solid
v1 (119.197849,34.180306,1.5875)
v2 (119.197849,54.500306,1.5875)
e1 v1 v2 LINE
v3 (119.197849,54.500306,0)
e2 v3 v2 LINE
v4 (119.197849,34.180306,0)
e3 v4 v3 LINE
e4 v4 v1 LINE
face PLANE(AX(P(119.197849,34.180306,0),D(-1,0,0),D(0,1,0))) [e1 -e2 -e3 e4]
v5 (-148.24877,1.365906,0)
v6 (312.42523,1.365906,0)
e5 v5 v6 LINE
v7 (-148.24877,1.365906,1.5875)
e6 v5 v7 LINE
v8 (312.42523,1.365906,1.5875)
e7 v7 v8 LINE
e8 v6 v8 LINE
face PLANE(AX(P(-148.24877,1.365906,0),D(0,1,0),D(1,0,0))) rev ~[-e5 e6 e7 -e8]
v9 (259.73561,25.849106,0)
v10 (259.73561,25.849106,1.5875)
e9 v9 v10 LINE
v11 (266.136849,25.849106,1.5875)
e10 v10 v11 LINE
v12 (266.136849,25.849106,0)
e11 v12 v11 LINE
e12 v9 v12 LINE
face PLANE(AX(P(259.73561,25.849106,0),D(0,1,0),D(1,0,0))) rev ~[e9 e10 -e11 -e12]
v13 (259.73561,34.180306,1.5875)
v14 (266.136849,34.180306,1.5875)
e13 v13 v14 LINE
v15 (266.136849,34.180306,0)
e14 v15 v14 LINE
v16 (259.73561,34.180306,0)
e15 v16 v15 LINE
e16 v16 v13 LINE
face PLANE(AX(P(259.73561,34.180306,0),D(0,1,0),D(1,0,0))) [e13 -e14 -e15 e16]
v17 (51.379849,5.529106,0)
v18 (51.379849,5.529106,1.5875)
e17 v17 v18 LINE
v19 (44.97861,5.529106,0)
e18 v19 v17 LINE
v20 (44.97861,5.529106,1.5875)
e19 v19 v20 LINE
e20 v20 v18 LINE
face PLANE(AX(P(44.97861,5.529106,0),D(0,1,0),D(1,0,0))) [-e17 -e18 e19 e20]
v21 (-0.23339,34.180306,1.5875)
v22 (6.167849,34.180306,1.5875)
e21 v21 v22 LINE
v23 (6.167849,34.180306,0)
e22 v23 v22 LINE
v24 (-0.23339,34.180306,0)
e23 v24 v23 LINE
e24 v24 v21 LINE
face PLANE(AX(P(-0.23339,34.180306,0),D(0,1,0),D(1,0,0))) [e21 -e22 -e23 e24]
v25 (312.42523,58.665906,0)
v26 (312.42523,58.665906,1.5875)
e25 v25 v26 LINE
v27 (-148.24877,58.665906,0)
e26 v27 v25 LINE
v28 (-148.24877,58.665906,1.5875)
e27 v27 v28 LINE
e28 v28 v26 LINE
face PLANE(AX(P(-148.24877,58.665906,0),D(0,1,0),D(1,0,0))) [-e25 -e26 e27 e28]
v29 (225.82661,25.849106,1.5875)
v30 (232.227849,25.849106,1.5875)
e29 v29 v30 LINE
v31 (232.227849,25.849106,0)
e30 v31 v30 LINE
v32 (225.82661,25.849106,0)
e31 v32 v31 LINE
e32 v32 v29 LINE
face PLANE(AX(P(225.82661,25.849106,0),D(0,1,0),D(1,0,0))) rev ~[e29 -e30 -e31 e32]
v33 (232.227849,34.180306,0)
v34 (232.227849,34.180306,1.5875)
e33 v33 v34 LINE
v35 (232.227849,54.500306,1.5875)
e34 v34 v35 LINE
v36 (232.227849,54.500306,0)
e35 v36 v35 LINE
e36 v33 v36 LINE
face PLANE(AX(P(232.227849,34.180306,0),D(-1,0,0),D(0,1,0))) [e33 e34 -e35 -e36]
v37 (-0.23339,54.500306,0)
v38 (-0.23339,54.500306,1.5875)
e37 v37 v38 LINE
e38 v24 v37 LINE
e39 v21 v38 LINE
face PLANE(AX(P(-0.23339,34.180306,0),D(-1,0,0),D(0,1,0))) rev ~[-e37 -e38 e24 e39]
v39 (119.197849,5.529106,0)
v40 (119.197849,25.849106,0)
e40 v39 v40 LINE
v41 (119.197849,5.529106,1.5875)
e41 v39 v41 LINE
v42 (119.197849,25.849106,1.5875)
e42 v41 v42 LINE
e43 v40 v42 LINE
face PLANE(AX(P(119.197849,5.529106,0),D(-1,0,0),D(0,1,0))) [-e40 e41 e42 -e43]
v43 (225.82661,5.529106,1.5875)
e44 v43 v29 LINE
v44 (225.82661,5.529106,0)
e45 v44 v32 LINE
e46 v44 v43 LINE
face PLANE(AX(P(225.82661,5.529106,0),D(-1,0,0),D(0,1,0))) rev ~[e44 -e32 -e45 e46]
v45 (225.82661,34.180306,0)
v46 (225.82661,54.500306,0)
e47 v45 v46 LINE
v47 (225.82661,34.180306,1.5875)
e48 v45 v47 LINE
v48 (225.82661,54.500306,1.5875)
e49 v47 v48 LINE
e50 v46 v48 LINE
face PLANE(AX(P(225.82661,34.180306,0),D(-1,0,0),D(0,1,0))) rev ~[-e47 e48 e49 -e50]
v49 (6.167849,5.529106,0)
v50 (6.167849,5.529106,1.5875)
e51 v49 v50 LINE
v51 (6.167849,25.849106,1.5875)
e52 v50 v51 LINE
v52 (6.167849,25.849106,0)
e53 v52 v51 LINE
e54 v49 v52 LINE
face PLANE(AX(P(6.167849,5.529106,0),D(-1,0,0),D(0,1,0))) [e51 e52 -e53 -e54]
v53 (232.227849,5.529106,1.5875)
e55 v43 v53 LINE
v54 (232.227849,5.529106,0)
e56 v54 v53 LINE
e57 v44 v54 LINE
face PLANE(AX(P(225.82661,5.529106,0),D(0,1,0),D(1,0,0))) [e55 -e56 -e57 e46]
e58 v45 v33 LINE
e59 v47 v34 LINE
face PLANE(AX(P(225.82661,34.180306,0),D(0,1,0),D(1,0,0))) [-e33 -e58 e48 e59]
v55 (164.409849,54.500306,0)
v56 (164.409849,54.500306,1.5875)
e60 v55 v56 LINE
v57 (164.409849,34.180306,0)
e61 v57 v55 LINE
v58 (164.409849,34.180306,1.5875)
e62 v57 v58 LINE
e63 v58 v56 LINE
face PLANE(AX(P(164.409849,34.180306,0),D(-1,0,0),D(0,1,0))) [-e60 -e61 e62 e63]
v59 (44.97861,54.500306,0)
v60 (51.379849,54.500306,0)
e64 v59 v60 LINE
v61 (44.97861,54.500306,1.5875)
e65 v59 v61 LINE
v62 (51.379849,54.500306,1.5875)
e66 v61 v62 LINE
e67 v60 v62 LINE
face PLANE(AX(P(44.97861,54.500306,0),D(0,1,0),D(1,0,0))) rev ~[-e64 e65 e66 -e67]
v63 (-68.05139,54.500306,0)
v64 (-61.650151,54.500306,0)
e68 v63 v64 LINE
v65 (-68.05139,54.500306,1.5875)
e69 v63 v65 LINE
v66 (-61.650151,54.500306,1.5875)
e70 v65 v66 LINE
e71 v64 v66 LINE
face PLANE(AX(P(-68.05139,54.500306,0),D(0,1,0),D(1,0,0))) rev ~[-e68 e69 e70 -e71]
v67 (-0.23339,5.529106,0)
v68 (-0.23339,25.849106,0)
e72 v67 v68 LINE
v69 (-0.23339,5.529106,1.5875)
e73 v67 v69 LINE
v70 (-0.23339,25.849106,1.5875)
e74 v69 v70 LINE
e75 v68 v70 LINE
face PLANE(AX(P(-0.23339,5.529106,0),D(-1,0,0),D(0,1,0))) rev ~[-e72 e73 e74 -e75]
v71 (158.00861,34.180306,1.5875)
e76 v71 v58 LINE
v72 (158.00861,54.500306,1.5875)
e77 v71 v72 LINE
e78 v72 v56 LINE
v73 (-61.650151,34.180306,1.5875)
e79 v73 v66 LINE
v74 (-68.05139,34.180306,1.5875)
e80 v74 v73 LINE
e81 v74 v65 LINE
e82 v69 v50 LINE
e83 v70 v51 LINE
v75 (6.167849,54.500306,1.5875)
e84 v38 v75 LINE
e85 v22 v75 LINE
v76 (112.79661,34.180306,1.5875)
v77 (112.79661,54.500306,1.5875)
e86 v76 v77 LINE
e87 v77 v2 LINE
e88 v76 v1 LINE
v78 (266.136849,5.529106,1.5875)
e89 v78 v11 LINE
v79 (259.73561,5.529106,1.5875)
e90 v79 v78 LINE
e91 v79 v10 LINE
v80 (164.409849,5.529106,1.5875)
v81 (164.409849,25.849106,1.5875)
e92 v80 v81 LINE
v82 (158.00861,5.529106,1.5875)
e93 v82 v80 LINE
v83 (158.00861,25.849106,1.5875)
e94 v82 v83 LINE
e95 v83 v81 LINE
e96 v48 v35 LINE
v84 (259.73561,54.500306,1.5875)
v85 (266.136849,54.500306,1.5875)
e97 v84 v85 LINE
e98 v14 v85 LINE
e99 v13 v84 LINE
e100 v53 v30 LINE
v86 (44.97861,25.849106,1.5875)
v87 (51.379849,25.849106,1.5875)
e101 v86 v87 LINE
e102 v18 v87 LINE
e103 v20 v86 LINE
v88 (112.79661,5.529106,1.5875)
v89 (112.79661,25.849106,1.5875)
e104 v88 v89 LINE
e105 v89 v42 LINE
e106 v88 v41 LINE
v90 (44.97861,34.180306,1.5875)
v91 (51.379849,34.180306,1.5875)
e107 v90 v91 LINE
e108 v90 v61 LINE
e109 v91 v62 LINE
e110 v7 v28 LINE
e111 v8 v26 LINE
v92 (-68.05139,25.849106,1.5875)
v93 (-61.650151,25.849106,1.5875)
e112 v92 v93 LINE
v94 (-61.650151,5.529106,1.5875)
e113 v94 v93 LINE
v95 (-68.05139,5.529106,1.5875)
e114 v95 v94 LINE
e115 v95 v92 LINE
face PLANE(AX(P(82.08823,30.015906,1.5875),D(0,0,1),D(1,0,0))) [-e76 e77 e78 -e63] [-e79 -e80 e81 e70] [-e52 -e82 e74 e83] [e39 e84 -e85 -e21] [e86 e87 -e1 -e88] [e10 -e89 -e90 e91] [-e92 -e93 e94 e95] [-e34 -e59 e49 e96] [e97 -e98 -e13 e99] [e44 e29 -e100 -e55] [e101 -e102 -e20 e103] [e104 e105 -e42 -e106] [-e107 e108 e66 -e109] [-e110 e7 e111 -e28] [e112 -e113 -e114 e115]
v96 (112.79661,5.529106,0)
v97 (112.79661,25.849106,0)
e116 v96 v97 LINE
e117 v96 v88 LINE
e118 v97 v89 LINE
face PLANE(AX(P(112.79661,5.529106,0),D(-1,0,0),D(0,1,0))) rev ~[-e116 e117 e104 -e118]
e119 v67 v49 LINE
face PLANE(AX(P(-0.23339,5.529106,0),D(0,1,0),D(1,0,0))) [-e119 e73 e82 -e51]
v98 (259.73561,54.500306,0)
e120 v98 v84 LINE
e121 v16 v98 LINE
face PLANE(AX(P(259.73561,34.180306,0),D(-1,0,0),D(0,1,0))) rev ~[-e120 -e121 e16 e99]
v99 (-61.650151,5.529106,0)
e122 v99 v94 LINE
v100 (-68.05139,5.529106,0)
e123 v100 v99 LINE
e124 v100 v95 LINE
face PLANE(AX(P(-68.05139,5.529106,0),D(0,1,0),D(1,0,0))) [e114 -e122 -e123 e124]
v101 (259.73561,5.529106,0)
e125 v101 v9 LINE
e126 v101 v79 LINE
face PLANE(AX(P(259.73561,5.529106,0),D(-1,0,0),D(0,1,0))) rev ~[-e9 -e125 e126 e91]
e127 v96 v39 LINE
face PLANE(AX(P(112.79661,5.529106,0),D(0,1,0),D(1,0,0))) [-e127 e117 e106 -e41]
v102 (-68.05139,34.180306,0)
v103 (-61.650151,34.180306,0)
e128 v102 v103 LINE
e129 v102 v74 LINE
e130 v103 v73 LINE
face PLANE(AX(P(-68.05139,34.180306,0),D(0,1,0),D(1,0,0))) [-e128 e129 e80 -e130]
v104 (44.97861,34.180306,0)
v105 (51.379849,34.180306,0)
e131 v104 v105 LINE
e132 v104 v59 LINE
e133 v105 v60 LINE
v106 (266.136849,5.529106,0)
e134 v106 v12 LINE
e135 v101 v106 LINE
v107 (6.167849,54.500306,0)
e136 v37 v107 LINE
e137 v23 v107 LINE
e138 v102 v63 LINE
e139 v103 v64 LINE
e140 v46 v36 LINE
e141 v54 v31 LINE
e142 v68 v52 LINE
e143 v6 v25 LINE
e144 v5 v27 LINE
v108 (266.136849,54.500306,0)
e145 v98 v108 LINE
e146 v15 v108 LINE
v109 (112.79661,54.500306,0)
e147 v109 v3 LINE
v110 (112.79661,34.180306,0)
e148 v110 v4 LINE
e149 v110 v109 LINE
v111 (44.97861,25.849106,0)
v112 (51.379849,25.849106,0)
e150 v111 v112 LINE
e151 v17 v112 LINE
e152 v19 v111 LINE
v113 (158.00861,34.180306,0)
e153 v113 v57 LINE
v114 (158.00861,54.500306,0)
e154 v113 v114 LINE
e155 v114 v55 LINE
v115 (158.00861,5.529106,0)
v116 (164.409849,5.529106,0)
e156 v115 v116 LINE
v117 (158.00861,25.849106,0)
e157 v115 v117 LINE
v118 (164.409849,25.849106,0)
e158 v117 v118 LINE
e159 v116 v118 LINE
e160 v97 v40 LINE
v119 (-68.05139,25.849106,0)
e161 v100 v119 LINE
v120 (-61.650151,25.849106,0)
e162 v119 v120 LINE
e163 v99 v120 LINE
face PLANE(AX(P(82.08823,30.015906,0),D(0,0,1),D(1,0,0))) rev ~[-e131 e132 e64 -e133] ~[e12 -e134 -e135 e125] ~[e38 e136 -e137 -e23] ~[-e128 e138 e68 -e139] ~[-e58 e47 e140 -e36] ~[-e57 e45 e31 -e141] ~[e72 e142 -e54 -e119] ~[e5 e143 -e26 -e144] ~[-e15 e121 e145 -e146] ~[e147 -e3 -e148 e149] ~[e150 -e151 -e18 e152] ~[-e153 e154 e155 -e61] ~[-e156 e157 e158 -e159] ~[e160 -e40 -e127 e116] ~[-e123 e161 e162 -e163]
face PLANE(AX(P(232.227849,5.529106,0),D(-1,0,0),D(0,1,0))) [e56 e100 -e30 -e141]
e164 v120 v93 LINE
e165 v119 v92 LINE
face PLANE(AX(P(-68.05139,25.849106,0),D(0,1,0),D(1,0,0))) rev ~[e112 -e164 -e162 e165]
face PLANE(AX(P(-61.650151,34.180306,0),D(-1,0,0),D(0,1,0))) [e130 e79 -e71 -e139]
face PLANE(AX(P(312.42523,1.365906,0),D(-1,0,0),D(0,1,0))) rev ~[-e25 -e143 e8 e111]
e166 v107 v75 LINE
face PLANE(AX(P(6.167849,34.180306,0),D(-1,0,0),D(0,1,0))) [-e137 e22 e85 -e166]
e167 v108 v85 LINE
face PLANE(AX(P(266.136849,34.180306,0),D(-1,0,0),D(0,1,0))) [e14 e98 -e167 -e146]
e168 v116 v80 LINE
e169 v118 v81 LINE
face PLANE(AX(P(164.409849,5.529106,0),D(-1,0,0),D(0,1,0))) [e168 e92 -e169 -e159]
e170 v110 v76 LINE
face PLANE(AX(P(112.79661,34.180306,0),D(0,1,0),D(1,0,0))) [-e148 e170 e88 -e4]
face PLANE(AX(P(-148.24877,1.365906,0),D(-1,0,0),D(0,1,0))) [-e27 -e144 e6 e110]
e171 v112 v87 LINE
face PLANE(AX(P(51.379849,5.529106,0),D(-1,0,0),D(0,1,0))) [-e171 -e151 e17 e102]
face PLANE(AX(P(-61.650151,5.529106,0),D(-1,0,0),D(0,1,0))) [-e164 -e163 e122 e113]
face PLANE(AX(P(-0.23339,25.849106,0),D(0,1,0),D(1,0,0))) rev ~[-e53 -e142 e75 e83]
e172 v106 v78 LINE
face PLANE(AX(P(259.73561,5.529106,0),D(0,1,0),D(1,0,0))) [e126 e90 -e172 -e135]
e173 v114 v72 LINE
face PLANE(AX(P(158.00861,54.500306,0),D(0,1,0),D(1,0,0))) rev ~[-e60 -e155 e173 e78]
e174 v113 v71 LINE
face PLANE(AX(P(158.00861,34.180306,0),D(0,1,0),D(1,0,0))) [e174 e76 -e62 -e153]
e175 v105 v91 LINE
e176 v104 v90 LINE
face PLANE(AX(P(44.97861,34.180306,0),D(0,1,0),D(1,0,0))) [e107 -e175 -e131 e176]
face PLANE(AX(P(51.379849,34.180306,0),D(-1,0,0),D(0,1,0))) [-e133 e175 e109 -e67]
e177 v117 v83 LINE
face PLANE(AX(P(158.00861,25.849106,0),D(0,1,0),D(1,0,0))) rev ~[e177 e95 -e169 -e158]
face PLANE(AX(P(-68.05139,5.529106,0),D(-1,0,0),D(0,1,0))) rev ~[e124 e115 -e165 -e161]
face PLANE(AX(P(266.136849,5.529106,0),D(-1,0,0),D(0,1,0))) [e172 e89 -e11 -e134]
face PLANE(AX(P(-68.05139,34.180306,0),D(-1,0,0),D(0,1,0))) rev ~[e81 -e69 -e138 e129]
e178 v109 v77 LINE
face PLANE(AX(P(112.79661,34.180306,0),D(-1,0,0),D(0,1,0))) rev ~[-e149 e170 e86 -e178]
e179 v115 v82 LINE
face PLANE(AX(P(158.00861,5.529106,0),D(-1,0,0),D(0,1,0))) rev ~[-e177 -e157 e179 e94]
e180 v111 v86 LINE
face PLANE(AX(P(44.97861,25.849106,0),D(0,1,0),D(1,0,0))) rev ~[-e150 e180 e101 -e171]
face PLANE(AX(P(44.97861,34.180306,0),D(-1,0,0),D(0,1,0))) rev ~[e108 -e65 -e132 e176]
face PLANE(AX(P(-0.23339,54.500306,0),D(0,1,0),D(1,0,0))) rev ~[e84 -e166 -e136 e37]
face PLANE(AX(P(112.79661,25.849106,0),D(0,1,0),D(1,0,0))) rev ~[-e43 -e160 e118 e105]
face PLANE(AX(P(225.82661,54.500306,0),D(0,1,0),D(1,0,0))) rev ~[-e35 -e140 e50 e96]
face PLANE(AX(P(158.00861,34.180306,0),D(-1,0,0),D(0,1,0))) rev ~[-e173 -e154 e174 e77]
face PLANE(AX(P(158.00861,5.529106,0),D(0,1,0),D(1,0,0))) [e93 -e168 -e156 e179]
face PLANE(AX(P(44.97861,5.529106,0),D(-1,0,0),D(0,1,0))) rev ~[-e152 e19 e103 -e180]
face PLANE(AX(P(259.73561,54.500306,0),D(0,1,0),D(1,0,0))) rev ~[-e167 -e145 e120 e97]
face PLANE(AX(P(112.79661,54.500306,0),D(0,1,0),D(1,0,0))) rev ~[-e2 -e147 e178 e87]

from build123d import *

# Parameters (mm, degrees)
SKETCH12_W          = 460.674
SKETCH12_H          = 57.3
SKETCH12_W_2        = 6.401239002
SKETCH12_H_2        = 20.32
BOSS_EXTRUDE5_DEPTH = 1.5875


with BuildPart() as part:
    # Sketch12 → Boss-Extrude5 (new body)
    with BuildSketch(Plane.XY):
        with Locations((82.08822952, 30.015906355)):
            Rectangle(SKETCH12_W, SKETCH12_H)
        with Locations((161.20922952, 44.340306355)):
            Rectangle(SKETCH12_W_2, SKETCH12_H_2, mode=Mode.SUBTRACT)
        with Locations((115.99722952, 44.340306355)):
            Rectangle(SKETCH12_W_2, SKETCH12_H_2, mode=Mode.SUBTRACT)
        with Locations((115.99722952, 15.689106355)):
            Rectangle(SKETCH12_W_2, SKETCH12_H_2, mode=Mode.SUBTRACT)
        with Locations((161.20922952, 15.689106355)):
            Rectangle(SKETCH12_W_2, SKETCH12_H_2, mode=Mode.SUBTRACT)
        with Locations((229.02722952, 44.340306355)):
            Rectangle(SKETCH12_W_2, SKETCH12_H_2, mode=Mode.SUBTRACT)
        with Locations((229.02722952, 15.689106355)):
            Rectangle(SKETCH12_W_2, SKETCH12_H_2, mode=Mode.SUBTRACT)
        with Locations((262.93622952, 44.340306355)):
            Rectangle(SKETCH12_W_2, SKETCH12_H_2, mode=Mode.SUBTRACT)
        with Locations((262.93622952, 15.689106355)):
            Rectangle(SKETCH12_W_2, SKETCH12_H_2, mode=Mode.SUBTRACT)
        with Locations((48.17922952, 44.340306355)):
            Rectangle(SKETCH12_W_2, SKETCH12_H_2, mode=Mode.SUBTRACT)
        with Locations((48.17922952, 15.689106355)):
            Rectangle(SKETCH12_W_2, SKETCH12_H_2, mode=Mode.SUBTRACT)
        with Locations((2.96722952, 44.340306355)):
            Rectangle(SKETCH12_W_2, SKETCH12_H_2, mode=Mode.SUBTRACT)
        with Locations((2.96722952, 15.689106355)):
            Rectangle(SKETCH12_W_2, SKETCH12_H_2, mode=Mode.SUBTRACT)
        with Locations((-64.85077048, 44.340306355)):
            Rectangle(SKETCH12_W_2, SKETCH12_H_2, mode=Mode.SUBTRACT)
        with Locations((-64.85077048, 15.689106355)):
            Rectangle(SKETCH12_W_2, SKETCH12_H_2, mode=Mode.SUBTRACT)
    extrude(amount=BOSS_EXTRUDE5_DEPTH)


solid = part.part
